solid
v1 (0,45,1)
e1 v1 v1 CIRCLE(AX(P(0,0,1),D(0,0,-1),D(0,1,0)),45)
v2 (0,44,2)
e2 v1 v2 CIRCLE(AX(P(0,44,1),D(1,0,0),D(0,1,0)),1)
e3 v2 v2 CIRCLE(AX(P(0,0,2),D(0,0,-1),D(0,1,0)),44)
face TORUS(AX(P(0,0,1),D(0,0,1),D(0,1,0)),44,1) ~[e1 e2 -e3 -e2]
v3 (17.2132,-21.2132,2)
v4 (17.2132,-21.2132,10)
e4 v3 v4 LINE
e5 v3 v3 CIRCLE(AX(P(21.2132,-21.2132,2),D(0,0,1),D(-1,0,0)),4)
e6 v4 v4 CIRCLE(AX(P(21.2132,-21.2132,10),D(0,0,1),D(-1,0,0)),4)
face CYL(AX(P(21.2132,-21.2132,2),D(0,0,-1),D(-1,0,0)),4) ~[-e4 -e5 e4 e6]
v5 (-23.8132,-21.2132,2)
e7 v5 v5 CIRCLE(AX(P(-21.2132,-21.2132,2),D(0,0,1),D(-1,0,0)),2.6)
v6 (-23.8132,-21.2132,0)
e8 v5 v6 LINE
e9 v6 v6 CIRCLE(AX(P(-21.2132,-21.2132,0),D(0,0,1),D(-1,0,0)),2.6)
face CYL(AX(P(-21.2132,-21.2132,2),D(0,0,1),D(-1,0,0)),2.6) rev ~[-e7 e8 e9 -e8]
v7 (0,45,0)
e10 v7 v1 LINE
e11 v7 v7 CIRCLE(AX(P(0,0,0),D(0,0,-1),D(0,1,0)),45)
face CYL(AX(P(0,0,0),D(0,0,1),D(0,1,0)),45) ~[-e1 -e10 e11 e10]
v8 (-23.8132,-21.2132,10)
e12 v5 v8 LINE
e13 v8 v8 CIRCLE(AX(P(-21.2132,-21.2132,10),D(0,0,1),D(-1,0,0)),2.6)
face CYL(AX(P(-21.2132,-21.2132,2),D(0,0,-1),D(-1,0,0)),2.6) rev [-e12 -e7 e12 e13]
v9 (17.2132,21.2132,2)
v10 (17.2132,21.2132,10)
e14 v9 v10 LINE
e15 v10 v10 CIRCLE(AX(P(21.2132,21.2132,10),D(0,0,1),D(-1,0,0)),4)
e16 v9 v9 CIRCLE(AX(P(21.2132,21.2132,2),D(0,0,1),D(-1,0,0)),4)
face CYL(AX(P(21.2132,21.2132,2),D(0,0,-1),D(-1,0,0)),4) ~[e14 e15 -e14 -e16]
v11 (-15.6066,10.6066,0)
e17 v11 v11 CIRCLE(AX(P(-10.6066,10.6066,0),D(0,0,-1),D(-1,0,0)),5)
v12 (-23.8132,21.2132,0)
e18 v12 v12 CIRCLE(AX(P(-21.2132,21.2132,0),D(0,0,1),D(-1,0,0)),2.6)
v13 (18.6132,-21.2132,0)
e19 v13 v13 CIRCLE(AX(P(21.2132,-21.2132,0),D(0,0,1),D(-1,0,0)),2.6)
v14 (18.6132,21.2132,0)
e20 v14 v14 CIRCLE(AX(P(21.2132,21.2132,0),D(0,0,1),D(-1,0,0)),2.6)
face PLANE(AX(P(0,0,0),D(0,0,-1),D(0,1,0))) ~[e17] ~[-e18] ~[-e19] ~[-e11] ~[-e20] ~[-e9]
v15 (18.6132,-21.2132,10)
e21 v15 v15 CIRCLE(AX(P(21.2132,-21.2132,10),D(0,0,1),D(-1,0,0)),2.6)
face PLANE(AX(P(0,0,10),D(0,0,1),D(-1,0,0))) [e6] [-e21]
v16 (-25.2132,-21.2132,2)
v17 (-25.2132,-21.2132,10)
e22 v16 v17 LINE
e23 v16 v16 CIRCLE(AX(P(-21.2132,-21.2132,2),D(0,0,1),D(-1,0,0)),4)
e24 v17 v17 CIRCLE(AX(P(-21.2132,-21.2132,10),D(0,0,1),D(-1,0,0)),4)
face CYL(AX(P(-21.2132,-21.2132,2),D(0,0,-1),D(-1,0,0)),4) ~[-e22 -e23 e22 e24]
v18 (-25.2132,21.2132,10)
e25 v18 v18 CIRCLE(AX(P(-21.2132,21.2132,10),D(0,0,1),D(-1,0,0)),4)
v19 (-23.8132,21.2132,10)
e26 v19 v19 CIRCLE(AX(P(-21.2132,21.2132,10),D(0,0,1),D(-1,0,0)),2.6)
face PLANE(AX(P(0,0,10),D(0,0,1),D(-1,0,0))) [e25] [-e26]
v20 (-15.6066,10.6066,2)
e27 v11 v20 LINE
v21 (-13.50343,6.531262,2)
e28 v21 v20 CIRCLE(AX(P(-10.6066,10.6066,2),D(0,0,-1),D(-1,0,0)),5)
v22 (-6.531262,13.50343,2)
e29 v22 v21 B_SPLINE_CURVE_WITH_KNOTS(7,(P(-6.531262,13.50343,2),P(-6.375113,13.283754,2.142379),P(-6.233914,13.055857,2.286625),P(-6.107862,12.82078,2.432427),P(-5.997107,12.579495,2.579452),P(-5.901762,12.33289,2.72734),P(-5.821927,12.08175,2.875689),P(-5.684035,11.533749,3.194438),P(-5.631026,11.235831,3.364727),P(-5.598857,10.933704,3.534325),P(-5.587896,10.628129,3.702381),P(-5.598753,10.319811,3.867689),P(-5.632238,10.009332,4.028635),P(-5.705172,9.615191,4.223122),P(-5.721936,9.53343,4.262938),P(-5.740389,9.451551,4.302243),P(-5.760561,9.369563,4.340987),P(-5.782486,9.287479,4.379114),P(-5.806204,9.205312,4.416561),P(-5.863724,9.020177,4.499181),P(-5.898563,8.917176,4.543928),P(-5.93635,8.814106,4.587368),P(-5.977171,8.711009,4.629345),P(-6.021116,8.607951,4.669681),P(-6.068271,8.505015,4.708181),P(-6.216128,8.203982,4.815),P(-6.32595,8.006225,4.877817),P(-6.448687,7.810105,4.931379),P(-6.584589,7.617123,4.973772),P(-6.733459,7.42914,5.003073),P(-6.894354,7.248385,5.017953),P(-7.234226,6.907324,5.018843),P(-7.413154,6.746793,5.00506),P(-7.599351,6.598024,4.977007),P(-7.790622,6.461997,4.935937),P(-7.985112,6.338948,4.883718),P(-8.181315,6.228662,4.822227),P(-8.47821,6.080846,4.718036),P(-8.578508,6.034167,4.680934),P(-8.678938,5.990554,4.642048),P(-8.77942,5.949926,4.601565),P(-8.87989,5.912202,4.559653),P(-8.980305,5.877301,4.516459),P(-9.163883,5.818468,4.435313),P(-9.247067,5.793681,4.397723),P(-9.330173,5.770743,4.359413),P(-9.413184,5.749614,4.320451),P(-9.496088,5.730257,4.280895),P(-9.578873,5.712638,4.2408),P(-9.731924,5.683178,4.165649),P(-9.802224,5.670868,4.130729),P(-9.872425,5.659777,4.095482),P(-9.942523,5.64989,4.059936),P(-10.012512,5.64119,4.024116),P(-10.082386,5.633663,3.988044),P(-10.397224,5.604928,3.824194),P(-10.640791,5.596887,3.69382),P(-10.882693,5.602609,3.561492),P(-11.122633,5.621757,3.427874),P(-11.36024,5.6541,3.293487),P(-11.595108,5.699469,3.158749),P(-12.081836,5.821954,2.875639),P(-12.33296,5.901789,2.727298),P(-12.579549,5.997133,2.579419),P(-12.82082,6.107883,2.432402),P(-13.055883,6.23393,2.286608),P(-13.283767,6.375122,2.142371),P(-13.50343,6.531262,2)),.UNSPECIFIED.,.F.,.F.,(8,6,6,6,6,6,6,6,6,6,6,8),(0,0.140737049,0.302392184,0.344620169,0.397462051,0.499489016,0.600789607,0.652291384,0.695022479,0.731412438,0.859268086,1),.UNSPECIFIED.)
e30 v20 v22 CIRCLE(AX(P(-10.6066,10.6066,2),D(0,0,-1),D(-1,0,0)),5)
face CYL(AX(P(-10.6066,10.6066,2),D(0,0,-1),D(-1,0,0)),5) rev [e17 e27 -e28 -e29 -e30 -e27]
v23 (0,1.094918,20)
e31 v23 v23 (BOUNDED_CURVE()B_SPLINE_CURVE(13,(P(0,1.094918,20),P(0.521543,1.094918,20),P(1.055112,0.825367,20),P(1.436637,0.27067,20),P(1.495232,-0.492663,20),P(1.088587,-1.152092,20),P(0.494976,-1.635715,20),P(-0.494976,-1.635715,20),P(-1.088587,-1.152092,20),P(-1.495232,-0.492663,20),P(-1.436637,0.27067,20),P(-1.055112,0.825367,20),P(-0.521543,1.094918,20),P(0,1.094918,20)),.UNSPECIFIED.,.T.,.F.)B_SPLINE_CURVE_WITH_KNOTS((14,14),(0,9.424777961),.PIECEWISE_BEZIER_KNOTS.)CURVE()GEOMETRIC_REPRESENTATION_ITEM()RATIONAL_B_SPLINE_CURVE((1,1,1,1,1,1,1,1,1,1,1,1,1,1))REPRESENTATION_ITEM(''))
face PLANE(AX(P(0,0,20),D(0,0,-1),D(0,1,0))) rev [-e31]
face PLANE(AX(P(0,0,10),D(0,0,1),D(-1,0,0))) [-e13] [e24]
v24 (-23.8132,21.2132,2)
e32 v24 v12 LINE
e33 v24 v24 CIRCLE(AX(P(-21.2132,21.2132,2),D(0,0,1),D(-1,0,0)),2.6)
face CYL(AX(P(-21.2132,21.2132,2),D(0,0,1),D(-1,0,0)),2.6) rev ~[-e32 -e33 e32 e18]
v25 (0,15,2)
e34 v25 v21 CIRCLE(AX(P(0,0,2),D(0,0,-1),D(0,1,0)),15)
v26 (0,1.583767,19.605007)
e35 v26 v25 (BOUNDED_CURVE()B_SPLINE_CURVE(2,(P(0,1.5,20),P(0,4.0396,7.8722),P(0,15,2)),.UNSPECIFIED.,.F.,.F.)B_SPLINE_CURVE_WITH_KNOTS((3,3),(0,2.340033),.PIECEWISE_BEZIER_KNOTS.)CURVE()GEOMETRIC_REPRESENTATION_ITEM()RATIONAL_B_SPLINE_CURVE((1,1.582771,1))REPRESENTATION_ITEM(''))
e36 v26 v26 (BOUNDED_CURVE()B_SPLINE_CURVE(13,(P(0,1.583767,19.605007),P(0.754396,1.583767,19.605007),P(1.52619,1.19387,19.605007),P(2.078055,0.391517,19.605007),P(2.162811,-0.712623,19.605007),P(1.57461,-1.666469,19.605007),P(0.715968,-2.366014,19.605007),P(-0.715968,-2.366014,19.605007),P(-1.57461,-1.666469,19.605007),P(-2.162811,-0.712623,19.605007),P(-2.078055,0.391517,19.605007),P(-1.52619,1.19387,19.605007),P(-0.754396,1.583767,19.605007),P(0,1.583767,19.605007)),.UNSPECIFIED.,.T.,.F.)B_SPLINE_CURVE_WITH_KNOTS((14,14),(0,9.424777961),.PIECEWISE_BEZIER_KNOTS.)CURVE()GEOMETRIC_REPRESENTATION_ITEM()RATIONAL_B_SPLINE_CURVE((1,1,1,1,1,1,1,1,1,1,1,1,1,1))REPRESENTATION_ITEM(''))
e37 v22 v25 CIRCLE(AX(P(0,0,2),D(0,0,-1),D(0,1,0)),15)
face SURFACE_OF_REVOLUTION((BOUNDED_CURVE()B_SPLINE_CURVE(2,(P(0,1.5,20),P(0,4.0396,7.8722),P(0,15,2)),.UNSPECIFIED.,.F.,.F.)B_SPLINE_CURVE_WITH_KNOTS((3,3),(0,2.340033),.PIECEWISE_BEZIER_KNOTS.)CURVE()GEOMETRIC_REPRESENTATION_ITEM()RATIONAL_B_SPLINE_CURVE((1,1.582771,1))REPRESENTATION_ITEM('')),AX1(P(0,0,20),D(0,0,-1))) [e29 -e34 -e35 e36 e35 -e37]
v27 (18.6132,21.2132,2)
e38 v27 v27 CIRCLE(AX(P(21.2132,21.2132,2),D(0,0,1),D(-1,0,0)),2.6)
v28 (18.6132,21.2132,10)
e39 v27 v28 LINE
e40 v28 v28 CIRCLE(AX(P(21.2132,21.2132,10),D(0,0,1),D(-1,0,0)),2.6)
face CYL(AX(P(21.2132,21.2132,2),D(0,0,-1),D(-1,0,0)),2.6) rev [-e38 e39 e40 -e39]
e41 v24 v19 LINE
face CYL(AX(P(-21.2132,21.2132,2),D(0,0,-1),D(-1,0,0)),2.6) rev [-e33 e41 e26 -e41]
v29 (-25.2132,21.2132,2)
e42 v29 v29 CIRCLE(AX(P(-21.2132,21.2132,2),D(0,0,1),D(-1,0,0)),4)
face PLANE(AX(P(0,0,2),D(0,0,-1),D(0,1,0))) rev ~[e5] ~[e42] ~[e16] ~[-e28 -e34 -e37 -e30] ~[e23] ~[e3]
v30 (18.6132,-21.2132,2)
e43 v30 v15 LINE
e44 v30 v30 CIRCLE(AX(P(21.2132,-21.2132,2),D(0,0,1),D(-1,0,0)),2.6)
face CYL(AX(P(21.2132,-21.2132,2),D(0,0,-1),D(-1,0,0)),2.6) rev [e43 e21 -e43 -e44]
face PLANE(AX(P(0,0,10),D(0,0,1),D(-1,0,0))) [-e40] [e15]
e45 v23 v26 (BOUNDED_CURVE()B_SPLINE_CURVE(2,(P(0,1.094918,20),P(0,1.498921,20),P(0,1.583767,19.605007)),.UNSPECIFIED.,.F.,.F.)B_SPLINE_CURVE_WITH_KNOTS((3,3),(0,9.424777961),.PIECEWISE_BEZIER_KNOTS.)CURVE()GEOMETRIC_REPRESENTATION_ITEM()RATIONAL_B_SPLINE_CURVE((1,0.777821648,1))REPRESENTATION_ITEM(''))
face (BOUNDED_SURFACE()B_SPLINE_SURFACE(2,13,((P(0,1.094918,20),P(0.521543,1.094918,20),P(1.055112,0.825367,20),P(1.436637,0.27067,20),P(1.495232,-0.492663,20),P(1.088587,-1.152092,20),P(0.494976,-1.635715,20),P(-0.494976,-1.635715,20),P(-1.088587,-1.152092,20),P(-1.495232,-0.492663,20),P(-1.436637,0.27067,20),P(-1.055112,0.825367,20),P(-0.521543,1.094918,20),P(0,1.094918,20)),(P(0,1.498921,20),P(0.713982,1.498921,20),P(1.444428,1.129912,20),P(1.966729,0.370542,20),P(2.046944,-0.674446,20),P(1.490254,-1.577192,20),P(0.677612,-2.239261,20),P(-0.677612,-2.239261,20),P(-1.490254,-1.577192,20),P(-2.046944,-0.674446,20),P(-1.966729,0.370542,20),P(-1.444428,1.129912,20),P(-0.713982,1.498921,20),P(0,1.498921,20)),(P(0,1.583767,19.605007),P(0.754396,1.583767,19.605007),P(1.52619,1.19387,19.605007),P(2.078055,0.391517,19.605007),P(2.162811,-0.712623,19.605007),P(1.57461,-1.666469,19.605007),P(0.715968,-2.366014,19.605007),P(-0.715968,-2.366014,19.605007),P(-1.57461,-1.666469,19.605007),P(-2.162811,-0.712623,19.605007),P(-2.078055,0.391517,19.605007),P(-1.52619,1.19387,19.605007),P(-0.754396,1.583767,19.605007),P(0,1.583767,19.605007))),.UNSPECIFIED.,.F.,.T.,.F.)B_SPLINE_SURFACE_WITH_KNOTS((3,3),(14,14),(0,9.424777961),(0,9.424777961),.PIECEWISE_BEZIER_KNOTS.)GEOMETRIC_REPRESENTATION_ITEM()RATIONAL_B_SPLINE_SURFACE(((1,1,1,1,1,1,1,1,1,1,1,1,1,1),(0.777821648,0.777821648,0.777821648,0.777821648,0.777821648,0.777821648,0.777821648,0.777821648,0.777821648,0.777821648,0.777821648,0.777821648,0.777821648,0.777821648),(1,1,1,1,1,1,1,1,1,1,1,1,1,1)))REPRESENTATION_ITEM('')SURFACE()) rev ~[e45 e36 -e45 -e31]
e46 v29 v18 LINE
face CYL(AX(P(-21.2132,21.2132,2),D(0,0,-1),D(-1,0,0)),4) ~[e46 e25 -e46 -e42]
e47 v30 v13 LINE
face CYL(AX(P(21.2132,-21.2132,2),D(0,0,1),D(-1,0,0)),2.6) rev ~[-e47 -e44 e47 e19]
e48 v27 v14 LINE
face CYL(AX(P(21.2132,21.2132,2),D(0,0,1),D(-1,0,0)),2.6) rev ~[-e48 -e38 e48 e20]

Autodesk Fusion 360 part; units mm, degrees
sketch "Sketch1" plane through (0, 0, 0) normal (1, 0, 0) x (0, 1, 0)
  line L0 (0, 80) -> (0, -40) construction
  line L1 (0, 0) -> (45, 0)
  line L2 (45, 0) -> (45, 1)
  line L3 (0, 0) -> (0, 20) construction
  line L4 (0, 20) -> (1.5, 20)
  line L5 (44, 2) -> (15, 2)
  spline S0 degree 2 poles (1.5, 20) (4.0396, 7.8722) (15, 2) knots 0 0 0 2.340033 2.340033 2.340033 weights 1 1.582771 1
  arc A0 (45, 1) -> (44, 2) centre (44, 1) ccw
  line L6 (0, 20) -> (0, 0) construction
  line L7 (0, 20) -> (0, 0)
  point P0 (45, 2)
  dimension "d1" = 120
  dimension "d2" = 45
  dimension "d3" = 2
  dimension "d4" = 20
  dimension "d5" = 1.5
  dimension "d6" = 30
  dimension "d7" = 1
revolve "Revolve1" add sketch "Sketch1" angle 360 about axis through (0, 0, 20) along (0, 0, -1)
fillet "Fillet1" radius 0.5 1 edges at (-1.3985, 0.5424, 20)
sketch "Sketch2" plane through (0, 0, 2) normal (0, 0, 1) x (-1, 0, 0)
  circle A0 centre (0, 0) radius 15
  circle A1 centre (0, 0) radius 44
  circle A2 centre (0, 0) radius 30 construction
  line L0 (0, 0) -> (25, 25) construction
  line L1 (0, 0) -> (-21.2132, -21.2132) construction
  line L2 (0, 0) -> (-22.657, 22.657) construction
  line L3 (0, 0) -> (23.9132, -23.9132) construction
  circle A3 centre (21.2132, -21.2132) radius 4
  circle A4 centre (-21.2132, -21.2132) radius 4
  circle A5 centre (21.2132, 21.2132) radius 4
  circle A6 centre (-21.2132, 21.2132) radius 4
  circle A7 centre (21.2132, -21.2132) radius 2.6
  circle A8 centre (-21.2132, -21.2132) radius 2.6
  circle A9 centre (-21.2132, 21.2132) radius 2.6
  circle A10 centre (21.2132, 21.2132) radius 2.6
  circle A11 centre (10.6066, -10.6066) radius 5
  dimension "d11" = 60
  dimension "d12" = 35.3553
  dimension "d13" = 30
  dimension "d14" = 32.0419
  dimension "d15" = 33.8184
  dimension "d16" = 8
  dimension "d17" = 8
  dimension "d18" = 8
  dimension "d19" = 8
  dimension "d20" = 5.2
  dimension "d21" = 5.2
  dimension "d22" = 5.2
  dimension "d23" = 5.2
  dimension "d31" = 10
  dimension "d34" = 15
extrude "Extrude3" add sketch "Sketch2" along normal blind 8 contours A3 | A4 | A5 | A6
extrude "Extrude2" cut sketch "Sketch2" against normal blind 5 contours A7 | A8 | A9 | A10
extrude "Extrude4" cut sketch "Sketch2" along normal mid plane 18 contours A0 A11 | A0 A11 picked at (9.3285, -9.5024) picked at (11.819, -11.7173)
